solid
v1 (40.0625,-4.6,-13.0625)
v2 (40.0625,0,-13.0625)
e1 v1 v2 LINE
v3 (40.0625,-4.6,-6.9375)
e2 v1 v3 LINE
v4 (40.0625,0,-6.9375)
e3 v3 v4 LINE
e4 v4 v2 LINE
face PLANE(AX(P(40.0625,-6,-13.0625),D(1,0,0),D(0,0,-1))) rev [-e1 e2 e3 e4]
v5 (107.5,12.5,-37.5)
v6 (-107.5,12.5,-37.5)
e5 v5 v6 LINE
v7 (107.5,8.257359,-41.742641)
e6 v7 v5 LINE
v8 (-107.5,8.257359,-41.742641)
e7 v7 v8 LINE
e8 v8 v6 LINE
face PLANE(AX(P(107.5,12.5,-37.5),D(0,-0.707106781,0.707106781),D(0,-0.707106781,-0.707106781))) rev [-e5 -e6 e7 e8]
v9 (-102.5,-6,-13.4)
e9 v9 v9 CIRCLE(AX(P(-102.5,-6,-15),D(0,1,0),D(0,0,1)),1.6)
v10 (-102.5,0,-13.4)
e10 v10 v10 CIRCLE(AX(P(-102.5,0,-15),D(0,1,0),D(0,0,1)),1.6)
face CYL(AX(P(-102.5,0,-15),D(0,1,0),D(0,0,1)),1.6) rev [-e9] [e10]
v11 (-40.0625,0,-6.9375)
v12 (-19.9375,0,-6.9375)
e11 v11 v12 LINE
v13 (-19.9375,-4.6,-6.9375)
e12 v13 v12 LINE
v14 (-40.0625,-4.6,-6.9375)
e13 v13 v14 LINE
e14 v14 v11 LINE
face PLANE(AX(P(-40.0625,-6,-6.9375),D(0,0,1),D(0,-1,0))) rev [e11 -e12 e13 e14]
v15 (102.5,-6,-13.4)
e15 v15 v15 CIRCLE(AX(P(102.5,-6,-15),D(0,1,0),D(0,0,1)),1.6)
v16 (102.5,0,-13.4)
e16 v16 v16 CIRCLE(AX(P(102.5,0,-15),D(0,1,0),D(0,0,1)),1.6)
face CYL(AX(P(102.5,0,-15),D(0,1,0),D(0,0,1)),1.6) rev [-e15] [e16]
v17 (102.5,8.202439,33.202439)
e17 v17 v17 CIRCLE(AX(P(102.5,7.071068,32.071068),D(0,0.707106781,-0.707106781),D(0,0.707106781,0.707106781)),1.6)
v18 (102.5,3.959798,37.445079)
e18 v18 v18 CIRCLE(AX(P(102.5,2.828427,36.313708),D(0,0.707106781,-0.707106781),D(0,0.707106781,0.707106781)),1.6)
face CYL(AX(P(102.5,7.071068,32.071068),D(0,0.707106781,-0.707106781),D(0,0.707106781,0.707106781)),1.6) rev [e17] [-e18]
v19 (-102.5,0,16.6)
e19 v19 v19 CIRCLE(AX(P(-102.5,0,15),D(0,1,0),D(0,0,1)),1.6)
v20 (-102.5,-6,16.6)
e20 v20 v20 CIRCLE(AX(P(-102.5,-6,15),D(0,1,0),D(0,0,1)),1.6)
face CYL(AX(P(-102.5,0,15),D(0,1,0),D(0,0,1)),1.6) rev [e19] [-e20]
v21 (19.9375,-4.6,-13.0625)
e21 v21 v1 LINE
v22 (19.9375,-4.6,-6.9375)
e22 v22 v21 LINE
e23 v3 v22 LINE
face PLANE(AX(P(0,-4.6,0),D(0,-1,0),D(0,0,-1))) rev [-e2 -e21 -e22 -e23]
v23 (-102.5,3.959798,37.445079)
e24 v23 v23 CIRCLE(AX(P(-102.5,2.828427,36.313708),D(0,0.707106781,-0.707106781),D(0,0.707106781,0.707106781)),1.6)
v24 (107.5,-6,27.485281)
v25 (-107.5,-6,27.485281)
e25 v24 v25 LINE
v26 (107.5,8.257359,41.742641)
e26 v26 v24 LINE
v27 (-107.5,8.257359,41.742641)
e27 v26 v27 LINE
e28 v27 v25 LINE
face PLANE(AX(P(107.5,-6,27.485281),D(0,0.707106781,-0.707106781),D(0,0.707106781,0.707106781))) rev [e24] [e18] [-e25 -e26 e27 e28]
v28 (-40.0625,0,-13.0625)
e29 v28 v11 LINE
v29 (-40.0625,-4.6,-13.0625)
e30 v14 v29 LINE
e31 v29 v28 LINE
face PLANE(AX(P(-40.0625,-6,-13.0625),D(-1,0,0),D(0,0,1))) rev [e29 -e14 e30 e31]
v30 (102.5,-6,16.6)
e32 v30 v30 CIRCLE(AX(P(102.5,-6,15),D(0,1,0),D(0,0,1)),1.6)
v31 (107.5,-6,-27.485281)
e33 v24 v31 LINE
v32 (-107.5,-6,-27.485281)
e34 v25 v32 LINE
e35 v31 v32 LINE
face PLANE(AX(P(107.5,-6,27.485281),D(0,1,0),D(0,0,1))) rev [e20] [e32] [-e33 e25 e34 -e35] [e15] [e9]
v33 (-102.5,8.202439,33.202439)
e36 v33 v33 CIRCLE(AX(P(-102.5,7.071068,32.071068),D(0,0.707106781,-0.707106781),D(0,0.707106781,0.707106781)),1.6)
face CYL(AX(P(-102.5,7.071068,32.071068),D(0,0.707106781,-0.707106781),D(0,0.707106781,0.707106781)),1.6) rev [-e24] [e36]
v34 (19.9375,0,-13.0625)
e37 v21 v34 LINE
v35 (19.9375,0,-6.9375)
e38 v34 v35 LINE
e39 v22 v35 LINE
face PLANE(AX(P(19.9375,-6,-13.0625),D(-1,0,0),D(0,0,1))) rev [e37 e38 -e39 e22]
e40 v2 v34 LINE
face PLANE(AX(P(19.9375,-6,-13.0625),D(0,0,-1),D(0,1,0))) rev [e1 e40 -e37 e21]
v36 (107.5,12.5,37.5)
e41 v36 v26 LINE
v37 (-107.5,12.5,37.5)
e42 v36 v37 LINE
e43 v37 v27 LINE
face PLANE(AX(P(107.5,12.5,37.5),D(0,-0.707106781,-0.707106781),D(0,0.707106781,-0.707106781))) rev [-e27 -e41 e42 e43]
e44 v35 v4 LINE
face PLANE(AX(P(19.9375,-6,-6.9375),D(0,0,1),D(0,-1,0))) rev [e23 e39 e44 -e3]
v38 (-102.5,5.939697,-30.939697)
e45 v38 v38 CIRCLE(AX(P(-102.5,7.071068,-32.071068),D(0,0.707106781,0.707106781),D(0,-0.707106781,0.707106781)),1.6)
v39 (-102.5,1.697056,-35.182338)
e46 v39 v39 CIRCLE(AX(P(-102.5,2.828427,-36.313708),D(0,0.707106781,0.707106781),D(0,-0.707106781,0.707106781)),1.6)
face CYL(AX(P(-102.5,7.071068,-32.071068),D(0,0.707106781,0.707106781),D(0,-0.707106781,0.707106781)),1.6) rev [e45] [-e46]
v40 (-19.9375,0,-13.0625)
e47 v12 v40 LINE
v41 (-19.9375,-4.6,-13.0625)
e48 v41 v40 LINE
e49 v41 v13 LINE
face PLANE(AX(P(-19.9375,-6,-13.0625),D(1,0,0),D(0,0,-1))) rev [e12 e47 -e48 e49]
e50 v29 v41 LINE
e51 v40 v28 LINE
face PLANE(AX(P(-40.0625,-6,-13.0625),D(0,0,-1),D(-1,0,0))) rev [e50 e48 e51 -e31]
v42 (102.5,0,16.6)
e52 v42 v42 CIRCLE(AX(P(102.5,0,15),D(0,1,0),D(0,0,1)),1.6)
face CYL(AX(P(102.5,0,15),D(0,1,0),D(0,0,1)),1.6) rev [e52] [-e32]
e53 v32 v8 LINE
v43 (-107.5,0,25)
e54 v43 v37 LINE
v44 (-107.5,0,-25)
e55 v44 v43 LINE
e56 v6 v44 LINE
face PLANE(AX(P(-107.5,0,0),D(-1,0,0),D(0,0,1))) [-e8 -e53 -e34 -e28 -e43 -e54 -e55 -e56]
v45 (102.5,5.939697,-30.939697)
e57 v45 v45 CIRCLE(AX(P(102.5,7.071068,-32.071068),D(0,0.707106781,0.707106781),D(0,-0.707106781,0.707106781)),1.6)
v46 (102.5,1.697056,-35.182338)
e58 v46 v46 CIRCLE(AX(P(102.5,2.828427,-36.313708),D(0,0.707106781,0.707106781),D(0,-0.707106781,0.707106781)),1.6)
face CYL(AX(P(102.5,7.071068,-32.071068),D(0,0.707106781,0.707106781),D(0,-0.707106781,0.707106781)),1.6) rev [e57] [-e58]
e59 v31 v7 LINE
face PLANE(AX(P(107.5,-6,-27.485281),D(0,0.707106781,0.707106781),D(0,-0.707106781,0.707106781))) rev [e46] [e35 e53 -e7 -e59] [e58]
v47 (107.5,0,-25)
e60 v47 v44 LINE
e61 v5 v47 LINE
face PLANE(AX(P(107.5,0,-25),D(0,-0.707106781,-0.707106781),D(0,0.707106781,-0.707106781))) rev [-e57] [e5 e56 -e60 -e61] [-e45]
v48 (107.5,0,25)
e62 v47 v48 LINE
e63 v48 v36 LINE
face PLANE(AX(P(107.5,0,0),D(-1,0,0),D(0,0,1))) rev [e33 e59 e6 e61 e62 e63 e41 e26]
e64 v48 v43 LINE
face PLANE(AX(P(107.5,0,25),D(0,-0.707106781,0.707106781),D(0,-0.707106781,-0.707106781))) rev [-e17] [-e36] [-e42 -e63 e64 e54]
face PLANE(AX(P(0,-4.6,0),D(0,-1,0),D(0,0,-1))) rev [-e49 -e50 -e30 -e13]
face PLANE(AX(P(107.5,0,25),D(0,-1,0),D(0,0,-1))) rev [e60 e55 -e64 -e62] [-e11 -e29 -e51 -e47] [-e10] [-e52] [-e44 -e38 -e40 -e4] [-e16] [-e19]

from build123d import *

# Parameters (mm, degrees)
MAIN_DEPTH                      = 107.5
F_4_0MM_DOWEL_HOLE2_D           = 3.2
F_4_0MM_DOWEL_HOLE2_ON_FACE_2_D = 3.2
F_4_0MM_DOWEL_HOLE2_ON_FACE_3_D = 3.2
F_4_0MM_DOWEL_HOLE2_ON_FACE_4_D = 3.2
SKETCH6_W                       = 20.125
SKETCH6_H                       = 6.125
SHELF_CUT_DEPTH                 = 116.995465651
SKETCH7_W                       = 20.125
SKETCH7_H                       = 6.125
BOSS_EXTRUDE2_DEPTH             = 1.4


with BuildPart() as part:
    # Sketch2 → Main (new, symmetric)
    with BuildSketch(Plane(origin=(0, 0, 0), x_dir=(0, 0, -1), z_dir=(1, 0, 0))):
        Polygon((-25, 0), (25, 0), (37.5, 12.5), (41.742640687, 8.257359313), (27.485281374, -6), (-27.485281374, -6), (-41.742640687, 8.257359313), (-37.5, 12.5), align=None)
    extrude(amount=MAIN_DEPTH, both=True)

    # Ø4.0mm Dowel Hole2 (through all)
    with Locations(Plane(origin=(-102.5, 7.071067812, -32.071067812), x_dir=(0, 0.707106781187, -0.707106781187), z_dir=(0, 0.707106781187, 0.707106781187))):
        with Locations((0, 0)):
            Hole(F_4_0MM_DOWEL_HOLE2_D / 2)

    # Ø4.0mm Dowel Hole2 on face 2 (through all)
    with Locations(Plane(origin=(-102.5, 0, -15), x_dir=(0, 0, 1), z_dir=(0, 1, 0))):
        with Locations((0, 0), (30, 0), (30, 205), (0, 205)):
            Hole(F_4_0MM_DOWEL_HOLE2_ON_FACE_2_D / 2)

    # Ø4.0mm Dowel Hole2 on face 3 (through all)
    with Locations(Plane(origin=(-102.5, 7.071067812, 32.071067812), x_dir=(0, -0.707106781187, -0.707106781187), z_dir=(0, 0.707106781187, -0.707106781187))):
        with Locations((0, 0), (0, -205)):
            Hole(F_4_0MM_DOWEL_HOLE2_ON_FACE_3_D / 2)

    # Ø4.0mm Dowel Hole2 on face 4 (through all)
    with Locations(Plane(origin=(102.5, 7.071067812, -32.071067812), x_dir=(0, 0.707106781187, -0.707106781187), z_dir=(0, 0.707106781187, 0.707106781187))):
        with Locations((0, 0)):
            Hole(F_4_0MM_DOWEL_HOLE2_ON_FACE_4_D / 2)

    # Sketch6 → Shelf cut (cut, through all)
    with BuildSketch(Plane(origin=(0, 0, 0), x_dir=(1, 0, 0), z_dir=(0, 1, 0))):
        with Locations((30, 10)):
            Rectangle(SKETCH6_W, SKETCH6_H)
        with Locations((-30, 10)):
            Rectangle(SKETCH6_W, SKETCH6_H)
    extrude(amount=-SHELF_CUT_DEPTH, mode=Mode.SUBTRACT)

    # Sketch7 → Boss-Extrude2 (add)
    with BuildSketch(Plane.XZ.offset(6)):
        with Locations((30, -10)):
            Rectangle(SKETCH7_W, SKETCH7_H)
        with Locations((-30, -10)):
            Rectangle(SKETCH7_W, SKETCH7_H)
    extrude(amount=-BOSS_EXTRUDE2_DEPTH)


solid = part.part
